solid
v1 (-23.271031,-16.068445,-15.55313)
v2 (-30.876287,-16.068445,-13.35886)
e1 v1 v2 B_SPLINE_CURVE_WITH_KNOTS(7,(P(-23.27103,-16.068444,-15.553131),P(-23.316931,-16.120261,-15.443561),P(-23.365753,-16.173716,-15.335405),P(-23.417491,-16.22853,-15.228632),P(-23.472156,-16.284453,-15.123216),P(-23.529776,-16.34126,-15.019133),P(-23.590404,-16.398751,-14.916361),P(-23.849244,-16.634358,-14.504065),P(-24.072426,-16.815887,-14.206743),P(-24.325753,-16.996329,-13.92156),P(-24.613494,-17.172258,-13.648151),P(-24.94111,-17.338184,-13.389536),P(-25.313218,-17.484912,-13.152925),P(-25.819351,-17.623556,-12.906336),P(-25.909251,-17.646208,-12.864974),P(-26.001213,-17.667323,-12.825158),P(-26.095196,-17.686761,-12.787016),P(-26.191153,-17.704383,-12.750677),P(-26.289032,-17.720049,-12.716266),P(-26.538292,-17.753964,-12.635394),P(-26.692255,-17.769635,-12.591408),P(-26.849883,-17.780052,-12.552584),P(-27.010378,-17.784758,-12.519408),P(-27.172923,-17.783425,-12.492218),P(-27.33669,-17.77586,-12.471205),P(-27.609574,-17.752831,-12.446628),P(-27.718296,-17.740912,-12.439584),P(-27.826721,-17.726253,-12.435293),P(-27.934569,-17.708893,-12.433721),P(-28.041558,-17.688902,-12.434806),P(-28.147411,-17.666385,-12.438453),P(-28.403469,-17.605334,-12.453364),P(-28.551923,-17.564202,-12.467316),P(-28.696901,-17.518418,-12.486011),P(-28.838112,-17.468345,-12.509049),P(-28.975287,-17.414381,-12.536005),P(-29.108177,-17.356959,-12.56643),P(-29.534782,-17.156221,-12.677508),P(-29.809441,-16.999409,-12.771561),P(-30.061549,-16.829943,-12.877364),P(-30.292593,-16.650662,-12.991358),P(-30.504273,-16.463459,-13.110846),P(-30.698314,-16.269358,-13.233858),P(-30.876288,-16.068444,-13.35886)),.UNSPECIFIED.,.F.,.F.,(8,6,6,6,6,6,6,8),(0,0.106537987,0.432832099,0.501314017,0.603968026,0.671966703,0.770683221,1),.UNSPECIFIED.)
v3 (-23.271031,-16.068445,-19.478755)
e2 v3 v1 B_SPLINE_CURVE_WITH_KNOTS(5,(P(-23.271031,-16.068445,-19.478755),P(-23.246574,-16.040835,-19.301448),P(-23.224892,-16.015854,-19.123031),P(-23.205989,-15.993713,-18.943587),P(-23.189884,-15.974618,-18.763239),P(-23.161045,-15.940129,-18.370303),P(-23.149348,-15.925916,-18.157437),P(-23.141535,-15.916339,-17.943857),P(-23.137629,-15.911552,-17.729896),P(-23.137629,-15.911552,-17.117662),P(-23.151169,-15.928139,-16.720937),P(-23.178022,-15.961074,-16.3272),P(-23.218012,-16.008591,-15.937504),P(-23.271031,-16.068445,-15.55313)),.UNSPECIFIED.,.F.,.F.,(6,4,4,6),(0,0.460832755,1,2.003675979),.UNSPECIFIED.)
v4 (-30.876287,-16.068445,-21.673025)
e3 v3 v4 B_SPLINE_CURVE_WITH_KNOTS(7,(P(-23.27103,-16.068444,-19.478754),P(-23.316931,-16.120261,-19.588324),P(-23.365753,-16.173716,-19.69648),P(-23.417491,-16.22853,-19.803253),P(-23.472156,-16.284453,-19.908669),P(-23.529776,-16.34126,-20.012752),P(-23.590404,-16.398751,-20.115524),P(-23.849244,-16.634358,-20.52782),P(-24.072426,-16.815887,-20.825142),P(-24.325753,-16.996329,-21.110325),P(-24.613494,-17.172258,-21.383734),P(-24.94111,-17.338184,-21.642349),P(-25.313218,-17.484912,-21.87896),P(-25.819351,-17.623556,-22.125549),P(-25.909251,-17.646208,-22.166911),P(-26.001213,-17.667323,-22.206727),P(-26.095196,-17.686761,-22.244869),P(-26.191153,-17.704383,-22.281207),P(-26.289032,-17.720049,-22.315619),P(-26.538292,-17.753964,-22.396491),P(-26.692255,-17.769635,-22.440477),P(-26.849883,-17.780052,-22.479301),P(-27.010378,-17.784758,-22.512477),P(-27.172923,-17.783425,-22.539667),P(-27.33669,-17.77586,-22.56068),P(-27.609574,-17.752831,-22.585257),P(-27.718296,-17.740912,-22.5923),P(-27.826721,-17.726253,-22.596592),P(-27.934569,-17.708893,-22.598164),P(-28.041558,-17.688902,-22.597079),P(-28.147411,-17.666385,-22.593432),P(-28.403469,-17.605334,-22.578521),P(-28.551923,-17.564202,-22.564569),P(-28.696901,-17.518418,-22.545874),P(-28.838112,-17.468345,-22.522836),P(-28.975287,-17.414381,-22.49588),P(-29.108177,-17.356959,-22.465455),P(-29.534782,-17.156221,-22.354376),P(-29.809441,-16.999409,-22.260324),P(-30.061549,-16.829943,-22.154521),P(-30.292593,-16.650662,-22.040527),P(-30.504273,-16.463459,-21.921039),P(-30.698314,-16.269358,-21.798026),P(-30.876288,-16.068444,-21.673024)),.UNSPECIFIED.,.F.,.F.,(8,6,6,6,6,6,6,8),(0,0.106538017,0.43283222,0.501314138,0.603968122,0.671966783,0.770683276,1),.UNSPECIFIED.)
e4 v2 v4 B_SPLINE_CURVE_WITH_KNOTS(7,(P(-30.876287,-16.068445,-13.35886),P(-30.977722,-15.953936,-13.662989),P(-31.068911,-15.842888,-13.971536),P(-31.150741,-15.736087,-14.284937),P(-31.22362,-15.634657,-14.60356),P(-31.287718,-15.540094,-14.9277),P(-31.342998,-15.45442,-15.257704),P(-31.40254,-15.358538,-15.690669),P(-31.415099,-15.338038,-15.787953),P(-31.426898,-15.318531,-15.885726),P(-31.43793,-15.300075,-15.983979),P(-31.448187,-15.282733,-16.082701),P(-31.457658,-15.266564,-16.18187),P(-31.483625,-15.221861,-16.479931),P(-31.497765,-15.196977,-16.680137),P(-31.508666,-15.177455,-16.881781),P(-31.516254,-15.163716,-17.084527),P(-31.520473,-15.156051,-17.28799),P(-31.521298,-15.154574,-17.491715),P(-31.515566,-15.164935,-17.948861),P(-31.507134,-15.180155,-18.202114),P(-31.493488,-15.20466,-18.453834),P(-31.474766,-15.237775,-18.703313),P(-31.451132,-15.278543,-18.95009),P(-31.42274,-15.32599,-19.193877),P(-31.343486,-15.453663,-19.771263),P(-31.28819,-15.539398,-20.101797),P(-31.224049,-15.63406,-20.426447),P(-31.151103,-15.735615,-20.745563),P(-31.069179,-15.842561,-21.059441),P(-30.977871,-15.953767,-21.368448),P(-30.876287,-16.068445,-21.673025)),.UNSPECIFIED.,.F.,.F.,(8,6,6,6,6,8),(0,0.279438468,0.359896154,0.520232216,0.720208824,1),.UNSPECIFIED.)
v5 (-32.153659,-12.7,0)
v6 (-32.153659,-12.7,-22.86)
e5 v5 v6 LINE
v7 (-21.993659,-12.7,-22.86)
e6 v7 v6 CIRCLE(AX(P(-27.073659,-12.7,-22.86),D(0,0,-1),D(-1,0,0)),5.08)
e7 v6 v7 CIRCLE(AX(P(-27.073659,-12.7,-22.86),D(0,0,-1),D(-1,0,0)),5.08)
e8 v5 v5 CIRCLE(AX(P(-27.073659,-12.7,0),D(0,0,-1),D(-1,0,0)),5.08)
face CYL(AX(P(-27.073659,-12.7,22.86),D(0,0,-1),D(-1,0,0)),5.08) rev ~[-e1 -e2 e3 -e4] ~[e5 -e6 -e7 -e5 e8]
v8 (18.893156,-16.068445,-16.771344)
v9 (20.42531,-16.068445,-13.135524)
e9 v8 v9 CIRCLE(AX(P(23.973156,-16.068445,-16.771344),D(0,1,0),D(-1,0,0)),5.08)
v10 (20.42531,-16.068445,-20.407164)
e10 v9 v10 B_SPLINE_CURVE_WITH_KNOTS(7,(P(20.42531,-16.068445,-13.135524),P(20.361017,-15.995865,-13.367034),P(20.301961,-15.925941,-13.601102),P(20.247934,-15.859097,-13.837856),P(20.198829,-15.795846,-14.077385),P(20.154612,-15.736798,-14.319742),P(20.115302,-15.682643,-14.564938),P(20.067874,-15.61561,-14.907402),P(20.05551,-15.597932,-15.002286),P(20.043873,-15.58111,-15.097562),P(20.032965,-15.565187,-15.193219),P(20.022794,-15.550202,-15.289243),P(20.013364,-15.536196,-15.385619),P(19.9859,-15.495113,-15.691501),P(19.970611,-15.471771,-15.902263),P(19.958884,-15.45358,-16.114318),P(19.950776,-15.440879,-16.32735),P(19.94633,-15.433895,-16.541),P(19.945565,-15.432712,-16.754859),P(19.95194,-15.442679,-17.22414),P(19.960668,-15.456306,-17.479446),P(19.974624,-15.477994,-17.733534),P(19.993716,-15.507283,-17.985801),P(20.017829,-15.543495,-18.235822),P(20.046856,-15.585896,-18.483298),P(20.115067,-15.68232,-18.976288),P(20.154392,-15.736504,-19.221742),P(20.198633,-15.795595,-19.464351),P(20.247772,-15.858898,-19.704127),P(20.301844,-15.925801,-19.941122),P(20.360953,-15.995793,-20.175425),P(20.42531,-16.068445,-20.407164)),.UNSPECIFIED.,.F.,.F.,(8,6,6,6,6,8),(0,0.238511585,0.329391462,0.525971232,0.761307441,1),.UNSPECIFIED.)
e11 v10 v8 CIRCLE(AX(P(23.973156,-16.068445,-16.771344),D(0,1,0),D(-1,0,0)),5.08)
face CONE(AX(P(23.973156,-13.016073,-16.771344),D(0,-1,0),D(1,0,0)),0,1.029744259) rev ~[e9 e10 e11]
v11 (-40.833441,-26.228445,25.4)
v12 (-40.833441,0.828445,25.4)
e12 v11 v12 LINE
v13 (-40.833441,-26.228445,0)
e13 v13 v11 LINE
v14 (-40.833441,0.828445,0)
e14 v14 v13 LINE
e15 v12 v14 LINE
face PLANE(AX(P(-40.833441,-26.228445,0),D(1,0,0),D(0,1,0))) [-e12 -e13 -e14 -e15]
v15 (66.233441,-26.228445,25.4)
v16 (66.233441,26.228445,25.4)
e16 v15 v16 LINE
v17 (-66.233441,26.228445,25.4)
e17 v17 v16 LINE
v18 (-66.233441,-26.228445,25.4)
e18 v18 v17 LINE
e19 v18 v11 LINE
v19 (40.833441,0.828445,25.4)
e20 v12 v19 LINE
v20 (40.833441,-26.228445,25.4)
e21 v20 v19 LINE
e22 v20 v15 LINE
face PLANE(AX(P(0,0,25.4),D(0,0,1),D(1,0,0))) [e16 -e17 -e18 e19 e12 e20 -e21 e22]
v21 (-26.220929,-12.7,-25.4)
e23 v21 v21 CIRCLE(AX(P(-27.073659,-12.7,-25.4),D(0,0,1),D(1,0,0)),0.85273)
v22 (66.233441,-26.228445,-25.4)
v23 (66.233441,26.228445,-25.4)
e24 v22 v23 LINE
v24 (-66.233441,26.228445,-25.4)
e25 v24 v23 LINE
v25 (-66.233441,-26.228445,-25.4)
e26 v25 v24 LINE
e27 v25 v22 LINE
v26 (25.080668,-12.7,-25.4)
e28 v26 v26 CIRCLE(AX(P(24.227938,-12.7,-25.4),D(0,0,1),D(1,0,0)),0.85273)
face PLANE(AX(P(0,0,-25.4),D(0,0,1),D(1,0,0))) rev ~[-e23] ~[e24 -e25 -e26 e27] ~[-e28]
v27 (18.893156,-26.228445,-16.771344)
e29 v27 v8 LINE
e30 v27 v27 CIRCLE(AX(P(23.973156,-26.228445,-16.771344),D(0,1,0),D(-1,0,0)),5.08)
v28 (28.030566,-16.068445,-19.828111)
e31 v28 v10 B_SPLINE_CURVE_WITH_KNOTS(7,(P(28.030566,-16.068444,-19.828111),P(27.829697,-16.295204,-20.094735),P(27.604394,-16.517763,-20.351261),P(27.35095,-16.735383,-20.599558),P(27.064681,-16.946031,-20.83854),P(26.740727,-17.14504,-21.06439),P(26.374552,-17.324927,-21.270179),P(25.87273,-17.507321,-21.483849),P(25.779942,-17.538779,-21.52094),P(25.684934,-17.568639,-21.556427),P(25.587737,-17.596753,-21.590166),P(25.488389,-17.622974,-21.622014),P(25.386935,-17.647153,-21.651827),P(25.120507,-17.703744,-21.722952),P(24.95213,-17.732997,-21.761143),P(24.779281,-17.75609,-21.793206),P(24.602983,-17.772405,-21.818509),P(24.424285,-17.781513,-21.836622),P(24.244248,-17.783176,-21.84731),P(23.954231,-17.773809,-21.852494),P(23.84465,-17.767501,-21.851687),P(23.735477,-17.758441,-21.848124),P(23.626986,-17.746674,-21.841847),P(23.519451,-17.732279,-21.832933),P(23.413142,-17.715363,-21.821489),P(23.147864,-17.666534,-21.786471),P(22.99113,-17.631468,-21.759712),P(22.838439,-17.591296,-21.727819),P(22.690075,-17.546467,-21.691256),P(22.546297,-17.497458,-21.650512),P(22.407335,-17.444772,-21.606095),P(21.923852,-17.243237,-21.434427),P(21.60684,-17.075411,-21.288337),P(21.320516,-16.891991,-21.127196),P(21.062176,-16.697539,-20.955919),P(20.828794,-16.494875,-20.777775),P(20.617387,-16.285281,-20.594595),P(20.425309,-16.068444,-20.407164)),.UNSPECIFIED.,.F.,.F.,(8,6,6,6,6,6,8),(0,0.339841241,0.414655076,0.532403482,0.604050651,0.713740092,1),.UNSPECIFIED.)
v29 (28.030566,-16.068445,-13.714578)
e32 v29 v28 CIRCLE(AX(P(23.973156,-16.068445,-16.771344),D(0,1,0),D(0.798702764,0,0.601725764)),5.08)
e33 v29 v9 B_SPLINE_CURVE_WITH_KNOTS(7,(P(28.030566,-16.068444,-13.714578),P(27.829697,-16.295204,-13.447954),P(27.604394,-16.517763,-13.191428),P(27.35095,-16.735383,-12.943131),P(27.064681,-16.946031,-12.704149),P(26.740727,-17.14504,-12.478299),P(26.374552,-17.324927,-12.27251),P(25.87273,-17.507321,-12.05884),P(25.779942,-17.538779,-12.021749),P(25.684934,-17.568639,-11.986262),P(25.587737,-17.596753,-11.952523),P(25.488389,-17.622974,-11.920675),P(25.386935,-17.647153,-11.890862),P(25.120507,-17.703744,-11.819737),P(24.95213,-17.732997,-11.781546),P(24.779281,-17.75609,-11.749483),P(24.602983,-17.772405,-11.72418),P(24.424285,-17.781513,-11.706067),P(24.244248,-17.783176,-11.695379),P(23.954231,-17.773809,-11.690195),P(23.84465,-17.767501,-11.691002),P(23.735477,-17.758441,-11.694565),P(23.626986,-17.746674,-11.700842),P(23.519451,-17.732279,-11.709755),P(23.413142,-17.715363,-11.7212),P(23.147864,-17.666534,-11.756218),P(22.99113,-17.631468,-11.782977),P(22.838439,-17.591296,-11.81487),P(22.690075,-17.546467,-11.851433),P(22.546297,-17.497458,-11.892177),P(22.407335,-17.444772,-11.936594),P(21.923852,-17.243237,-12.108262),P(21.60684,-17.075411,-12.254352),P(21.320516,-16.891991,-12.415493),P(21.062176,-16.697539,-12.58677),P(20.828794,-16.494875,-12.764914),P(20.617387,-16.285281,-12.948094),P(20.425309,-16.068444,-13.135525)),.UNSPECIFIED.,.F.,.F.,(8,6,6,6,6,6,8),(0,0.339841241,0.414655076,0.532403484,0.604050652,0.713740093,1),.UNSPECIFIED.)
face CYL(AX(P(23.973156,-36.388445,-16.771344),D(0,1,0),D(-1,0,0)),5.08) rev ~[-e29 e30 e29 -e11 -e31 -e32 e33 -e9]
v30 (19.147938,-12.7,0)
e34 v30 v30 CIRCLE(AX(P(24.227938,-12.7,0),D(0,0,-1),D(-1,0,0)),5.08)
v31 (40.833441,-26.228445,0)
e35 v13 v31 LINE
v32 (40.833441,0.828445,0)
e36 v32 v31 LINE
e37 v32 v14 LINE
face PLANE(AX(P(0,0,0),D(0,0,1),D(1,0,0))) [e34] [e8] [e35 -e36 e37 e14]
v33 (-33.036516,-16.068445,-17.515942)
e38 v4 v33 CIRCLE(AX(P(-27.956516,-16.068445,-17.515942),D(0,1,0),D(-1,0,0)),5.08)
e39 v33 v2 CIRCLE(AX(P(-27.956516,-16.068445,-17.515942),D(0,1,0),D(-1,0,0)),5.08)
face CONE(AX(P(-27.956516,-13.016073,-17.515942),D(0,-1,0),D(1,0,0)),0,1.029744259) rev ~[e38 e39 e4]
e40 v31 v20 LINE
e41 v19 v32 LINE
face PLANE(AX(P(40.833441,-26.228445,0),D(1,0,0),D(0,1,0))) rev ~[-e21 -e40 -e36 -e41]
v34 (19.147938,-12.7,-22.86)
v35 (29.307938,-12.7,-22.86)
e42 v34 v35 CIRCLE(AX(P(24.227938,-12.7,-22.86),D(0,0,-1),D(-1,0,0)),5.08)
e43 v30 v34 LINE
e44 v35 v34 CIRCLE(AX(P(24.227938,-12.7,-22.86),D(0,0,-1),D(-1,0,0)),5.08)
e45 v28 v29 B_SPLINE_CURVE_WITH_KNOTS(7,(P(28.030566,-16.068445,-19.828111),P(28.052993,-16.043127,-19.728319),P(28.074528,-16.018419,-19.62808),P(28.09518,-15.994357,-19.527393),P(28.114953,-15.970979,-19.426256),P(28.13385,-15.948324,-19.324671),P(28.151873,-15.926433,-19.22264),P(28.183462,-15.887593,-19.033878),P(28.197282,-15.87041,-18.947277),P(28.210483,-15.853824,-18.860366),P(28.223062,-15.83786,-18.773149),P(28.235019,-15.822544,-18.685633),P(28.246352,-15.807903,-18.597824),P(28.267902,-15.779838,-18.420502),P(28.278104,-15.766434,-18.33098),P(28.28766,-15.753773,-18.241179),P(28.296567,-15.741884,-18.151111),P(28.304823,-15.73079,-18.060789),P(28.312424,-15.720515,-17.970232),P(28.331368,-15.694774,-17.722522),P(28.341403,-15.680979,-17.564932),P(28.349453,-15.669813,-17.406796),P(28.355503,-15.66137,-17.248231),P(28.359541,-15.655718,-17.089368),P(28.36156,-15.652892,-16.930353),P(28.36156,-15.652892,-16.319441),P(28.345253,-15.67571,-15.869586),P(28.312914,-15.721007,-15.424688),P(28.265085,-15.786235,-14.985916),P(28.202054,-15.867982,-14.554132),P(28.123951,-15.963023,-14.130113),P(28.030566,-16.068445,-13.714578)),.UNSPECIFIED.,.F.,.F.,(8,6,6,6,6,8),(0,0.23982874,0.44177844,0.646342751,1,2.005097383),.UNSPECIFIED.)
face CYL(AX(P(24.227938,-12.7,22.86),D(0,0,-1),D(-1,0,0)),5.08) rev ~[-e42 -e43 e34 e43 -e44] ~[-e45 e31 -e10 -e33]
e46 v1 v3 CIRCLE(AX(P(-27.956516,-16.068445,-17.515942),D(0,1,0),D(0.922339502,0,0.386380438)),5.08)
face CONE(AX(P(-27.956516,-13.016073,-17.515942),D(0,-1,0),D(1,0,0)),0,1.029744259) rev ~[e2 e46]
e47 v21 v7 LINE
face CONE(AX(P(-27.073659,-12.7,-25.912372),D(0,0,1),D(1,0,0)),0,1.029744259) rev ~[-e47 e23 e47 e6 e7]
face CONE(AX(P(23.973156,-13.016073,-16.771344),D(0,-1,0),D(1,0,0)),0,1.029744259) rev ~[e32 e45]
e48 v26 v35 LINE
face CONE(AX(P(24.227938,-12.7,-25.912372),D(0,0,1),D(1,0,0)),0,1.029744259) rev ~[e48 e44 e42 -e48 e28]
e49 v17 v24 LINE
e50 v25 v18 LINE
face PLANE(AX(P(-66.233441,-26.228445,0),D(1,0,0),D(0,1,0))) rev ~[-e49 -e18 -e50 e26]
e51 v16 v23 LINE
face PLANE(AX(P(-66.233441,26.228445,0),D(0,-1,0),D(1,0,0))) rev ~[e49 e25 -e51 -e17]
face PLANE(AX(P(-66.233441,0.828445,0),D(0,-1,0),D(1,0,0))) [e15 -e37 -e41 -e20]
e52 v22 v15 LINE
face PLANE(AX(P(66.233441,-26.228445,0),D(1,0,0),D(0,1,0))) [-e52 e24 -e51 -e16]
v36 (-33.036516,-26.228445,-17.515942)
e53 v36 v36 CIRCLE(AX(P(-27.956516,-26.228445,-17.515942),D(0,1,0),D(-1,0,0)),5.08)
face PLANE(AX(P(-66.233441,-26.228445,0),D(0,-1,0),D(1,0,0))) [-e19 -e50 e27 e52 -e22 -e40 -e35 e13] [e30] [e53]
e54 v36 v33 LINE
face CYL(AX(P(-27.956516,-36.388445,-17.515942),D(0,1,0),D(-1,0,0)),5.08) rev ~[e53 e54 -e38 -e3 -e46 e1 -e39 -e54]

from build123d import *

# Parameters (mm, degrees)
F0_W     = 132.4668824673
F0_H     = 52.4568893015
F1_DEPTH = 25.4
F2_DEPTH = 25.4
F3_T     = -25.4
F5_D     = 10.16
F5_DEPTH = 22.86
F5_TIP   = 3.0523719447
F7_D     = 10.16
F7_DEPTH = 10.16
F7_TIP   = 3.0523719447


with BuildPart() as f1:
    # F0 (on Top) → F1 (new body)
    with BuildSketch(Plane.XY):
        Rectangle(F0_W, F0_H)
    extrude(amount=F1_DEPTH)

    # F2 (add): a face of the model
    f2_faces = [f1.faces().sort_by_distance(p)[0] for p in [
        (0, 0, 0),
    ]]
    extrude(f2_faces, amount=F2_DEPTH)

    # F3
    f3_openings = [f1.faces().sort_by_distance(p)[0] for p in [
        (0, 0, 25.4),
        (0, -26.228445, 0),
    ]]
    offset(amount=F3_T, openings=f3_openings)

    # F5
    with Locations(Plane.XY):
        with Locations((24.2279376835, -12.7), (-27.0736590028, -12.7)):
            Hole(F5_D / 2, depth=F5_DEPTH)
            with Locations((0, 0, -(F5_DEPTH + F5_TIP / 2))):  # 118° drill point
                Cone(0, F5_D / 2, F5_TIP, mode=Mode.SUBTRACT)

    # F7
    with Locations(Plane.XZ.offset(26.2284446508)):
        with Locations((-27.9565155506, -17.5159424543), (23.9731557667, -16.771344468)):
            Hole(F7_D / 2, depth=F7_DEPTH)
            with Locations((0, 0, -(F7_DEPTH + F7_TIP / 2))):  # 118° drill point
                Cone(0, F7_D / 2, F7_TIP, mode=Mode.SUBTRACT)


solid = f1.part
